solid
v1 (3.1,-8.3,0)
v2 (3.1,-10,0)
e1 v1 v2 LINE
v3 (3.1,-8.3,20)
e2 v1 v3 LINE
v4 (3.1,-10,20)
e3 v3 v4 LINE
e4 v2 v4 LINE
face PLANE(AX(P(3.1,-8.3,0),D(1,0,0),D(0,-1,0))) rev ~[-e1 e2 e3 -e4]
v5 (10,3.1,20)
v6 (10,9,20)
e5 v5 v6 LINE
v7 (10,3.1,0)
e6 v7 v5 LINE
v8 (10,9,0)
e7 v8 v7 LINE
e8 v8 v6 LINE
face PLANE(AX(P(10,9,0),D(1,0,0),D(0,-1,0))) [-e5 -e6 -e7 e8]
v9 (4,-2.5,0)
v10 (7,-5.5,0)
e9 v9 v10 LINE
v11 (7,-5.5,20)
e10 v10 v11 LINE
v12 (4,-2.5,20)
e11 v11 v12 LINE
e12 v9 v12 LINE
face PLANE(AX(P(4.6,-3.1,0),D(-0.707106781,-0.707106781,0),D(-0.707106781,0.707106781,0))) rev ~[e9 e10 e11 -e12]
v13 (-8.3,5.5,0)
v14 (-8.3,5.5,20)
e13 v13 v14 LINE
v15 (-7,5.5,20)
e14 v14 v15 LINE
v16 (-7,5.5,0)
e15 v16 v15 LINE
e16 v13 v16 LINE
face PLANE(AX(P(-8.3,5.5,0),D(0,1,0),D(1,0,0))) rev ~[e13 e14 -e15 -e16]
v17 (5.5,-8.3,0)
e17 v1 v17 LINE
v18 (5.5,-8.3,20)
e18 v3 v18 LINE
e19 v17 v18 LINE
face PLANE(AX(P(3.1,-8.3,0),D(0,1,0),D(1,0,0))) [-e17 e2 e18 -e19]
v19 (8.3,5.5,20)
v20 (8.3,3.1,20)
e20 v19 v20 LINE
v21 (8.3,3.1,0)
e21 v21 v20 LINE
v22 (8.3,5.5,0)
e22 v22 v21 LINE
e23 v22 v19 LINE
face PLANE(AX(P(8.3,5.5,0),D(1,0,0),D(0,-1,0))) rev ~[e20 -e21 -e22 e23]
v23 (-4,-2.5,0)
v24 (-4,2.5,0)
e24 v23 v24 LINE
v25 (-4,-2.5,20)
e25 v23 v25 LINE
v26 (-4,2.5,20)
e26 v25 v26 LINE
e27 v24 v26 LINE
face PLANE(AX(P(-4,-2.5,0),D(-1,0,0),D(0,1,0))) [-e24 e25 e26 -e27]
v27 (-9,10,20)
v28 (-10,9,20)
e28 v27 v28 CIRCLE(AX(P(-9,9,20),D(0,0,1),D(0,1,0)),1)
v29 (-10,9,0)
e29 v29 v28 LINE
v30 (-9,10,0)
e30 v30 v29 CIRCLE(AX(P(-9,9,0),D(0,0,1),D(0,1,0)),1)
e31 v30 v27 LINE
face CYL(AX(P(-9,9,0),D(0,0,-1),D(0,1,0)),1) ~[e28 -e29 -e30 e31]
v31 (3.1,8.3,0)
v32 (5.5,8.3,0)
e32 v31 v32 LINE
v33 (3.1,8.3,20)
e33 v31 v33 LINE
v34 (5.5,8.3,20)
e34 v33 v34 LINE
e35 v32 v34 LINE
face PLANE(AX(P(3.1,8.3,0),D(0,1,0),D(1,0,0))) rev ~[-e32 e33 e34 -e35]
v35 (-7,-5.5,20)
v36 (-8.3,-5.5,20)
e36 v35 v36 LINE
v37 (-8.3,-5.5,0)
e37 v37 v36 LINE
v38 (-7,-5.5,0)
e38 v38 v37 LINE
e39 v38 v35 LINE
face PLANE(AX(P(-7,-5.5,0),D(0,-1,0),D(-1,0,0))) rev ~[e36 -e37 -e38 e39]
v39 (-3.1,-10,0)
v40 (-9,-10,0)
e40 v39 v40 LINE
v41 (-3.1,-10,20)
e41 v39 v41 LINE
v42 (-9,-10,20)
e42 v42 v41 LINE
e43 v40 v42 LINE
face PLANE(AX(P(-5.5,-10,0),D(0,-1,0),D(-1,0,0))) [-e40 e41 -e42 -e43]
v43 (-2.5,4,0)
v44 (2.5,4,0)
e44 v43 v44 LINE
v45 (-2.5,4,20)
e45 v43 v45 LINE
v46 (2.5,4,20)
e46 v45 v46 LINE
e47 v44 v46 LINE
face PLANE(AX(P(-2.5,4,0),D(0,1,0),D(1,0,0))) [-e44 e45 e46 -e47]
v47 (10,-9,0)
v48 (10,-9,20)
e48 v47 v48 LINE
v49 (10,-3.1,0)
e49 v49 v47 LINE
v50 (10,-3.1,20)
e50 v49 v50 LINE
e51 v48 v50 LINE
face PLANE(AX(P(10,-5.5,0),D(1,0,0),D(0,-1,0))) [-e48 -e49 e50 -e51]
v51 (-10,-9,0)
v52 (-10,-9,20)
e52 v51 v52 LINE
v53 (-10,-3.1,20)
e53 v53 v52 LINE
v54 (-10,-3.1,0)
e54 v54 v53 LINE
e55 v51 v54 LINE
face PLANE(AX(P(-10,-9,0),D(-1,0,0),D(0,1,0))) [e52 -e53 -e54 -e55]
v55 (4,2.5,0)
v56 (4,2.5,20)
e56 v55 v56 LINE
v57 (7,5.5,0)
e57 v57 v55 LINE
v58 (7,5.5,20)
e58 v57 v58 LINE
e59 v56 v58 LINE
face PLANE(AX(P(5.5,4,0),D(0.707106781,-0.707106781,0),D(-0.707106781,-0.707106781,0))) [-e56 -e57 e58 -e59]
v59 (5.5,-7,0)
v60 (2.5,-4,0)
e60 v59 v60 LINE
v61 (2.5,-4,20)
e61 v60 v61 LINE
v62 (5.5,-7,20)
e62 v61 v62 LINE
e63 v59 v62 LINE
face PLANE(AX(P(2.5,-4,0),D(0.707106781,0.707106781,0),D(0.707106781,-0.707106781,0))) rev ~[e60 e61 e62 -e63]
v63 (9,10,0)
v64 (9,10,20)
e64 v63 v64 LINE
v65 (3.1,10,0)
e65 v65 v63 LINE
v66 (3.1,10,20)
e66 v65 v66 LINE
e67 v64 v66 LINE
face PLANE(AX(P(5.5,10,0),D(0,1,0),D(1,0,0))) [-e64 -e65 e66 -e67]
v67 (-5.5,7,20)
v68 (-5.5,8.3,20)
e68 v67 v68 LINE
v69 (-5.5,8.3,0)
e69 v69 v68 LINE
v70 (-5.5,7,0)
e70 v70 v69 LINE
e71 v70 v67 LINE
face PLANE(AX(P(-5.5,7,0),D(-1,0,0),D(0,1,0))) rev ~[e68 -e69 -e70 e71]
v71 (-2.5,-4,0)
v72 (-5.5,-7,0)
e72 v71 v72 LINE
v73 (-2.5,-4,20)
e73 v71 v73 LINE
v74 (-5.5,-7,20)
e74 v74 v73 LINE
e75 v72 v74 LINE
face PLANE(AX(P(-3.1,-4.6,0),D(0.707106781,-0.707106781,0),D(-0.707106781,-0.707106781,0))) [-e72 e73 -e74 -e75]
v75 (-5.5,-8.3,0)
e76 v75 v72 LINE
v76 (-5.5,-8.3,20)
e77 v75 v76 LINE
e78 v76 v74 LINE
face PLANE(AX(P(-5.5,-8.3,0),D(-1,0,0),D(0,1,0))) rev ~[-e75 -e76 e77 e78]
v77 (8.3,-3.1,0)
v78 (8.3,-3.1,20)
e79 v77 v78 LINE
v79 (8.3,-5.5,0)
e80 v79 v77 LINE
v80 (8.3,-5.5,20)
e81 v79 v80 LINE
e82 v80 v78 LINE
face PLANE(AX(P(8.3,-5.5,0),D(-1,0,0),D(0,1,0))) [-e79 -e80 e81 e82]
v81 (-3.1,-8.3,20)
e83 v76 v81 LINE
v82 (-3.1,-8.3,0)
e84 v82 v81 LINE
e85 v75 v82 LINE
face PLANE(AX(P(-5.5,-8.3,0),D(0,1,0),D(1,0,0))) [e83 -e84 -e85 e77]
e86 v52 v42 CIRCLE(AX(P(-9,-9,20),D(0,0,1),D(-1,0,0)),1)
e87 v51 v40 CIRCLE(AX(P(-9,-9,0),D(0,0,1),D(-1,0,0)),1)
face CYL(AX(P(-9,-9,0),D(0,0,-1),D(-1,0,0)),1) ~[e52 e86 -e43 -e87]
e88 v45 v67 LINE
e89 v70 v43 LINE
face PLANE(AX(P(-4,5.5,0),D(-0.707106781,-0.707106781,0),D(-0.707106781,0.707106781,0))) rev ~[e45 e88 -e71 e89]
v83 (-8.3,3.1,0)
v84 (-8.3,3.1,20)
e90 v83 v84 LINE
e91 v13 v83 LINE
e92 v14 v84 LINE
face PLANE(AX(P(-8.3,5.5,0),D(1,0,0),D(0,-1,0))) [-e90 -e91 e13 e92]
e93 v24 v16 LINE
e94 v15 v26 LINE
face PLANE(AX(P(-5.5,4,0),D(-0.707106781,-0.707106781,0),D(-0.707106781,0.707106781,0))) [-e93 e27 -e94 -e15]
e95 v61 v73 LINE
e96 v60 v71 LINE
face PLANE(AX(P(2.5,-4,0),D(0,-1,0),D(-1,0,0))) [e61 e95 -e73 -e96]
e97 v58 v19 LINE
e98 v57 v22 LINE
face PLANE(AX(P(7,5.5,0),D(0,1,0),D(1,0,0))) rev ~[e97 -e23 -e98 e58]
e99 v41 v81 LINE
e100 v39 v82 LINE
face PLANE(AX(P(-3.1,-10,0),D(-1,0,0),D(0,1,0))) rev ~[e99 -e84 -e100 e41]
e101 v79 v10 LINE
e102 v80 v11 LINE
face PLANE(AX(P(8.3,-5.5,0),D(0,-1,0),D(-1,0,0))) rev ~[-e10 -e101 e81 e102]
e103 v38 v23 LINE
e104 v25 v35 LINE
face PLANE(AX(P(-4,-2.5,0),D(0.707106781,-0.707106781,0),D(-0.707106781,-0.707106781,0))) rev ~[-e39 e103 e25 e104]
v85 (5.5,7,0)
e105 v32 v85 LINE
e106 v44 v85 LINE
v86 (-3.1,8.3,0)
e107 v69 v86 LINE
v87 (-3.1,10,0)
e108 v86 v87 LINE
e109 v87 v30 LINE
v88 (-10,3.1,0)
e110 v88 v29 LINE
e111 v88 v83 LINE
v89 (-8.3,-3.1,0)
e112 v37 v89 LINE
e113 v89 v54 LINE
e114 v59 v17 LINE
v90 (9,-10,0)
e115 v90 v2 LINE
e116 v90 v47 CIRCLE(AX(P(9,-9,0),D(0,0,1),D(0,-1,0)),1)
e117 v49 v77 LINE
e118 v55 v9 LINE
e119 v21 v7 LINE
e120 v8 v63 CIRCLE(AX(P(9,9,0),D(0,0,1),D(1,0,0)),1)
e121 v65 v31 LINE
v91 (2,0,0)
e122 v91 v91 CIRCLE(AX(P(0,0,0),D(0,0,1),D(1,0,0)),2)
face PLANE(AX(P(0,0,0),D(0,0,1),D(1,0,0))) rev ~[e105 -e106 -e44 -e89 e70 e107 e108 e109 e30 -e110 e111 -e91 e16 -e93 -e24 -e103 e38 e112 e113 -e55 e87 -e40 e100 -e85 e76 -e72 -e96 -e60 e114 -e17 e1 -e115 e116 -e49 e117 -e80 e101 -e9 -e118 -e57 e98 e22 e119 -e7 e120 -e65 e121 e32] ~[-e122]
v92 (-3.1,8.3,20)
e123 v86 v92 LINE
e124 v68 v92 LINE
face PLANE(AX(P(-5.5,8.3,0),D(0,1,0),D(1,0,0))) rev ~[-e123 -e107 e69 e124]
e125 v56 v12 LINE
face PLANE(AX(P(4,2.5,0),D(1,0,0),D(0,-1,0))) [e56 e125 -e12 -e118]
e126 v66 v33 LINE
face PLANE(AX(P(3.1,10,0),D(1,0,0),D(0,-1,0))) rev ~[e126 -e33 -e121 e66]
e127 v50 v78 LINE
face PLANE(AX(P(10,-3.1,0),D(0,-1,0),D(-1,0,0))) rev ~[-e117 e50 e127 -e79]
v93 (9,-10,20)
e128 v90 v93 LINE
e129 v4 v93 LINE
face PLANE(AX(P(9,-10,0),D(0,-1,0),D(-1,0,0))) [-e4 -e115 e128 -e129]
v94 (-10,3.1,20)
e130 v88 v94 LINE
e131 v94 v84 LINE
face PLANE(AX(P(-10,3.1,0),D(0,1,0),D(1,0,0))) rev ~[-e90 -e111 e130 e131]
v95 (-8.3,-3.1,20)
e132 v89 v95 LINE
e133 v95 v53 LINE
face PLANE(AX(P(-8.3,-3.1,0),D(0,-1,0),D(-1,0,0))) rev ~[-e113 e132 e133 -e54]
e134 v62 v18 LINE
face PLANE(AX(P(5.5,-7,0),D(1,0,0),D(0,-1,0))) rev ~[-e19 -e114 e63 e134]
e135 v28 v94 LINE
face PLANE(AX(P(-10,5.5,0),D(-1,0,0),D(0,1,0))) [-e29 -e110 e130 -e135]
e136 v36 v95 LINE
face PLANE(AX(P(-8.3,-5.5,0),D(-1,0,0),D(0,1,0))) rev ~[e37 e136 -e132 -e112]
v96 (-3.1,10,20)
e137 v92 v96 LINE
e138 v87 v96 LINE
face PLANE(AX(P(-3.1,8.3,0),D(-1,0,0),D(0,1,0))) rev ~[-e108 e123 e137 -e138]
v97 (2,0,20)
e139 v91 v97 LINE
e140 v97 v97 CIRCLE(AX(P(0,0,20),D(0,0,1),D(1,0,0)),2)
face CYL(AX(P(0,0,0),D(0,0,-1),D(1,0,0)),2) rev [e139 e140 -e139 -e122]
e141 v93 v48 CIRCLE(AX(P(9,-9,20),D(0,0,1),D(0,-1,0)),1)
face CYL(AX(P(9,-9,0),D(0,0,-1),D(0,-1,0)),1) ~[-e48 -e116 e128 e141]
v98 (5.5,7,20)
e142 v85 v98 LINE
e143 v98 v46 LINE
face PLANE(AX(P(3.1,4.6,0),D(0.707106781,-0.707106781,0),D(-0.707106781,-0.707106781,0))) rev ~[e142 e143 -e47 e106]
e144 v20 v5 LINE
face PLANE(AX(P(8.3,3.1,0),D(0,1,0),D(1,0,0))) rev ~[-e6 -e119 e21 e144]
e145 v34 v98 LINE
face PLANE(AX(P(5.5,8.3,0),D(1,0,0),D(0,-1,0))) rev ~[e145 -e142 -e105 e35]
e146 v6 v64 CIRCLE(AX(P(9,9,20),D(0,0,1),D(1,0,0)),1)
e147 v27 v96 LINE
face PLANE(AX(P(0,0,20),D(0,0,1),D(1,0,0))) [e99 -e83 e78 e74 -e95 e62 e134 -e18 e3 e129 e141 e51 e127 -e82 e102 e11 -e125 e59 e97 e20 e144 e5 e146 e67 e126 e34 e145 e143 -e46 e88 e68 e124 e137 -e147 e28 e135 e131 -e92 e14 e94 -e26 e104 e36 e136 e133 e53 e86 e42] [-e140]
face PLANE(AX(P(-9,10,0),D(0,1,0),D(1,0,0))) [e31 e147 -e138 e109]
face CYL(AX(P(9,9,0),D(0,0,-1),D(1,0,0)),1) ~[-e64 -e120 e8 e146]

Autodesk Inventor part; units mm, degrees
ref_plane "YZ Plane" through (0, 0, 0) normal (1, 0, 0) x (0, 1, 0)
ref_plane "XZ Plane" through (0, 0, 0) normal (0, 1, 0) x (-1, 0, 0)
ref_plane "XY Plane" through (0, 0, 0) normal (0, 0, 1) x (1, 0, 0)
sketch "Sketch1" plane through (0, 0, 0) normal (0, 0, 1) x (1, 0, 0)
  line L0 (-9, 10) -> (9, 10)
  line L1 (10, 9) -> (10, -9)
  line L2 (9, -10) -> (-9, -10)
  line L3 (-10, -9) -> (-10, 9)
  line L4 (-10, 10) -> (10, -10) construction
  line L5 (10, 10) -> (-10, -10) construction
  circle A0 centre (0, 0) radius 2
  line L6 (-4, 4) -> (4, 4)
  line L7 (4, 4) -> (4, -4)
  line L8 (4, -4) -> (-4, -4)
  line L9 (-4, -4) -> (-4, 4)
  line L10 (-4, 4) -> (4, -4) construction
  line L11 (4, 4) -> (-4, -4) construction
  arc A1 (-9, 10) -> (-10, 9) centre (-9, 9) ccw
  arc A2 (10, 9) -> (9, 10) centre (9, 9) ccw
  arc A3 (9, -10) -> (10, -9) centre (9, -9) ccw
  arc A4 (-10, -9) -> (-9, -10) centre (-9, -9) ccw
  line L12 (-3.1, 10) -> (3.1, 10)
  line L13 (3.1, 10) -> (3.1, -10)
  line L14 (3.1, -10) -> (-3.1, -10)
  line L15 (-3.1, -10) -> (-3.1, 10)
  line L16 (-10, 3.1) -> (10, 3.1)
  line L17 (10, 3.1) -> (10, -3.1)
  line L18 (10, -3.1) -> (-10, -3.1)
  line L19 (-10, -3.1) -> (-10, 3.1)
  line L20 (-5.5, 10) -> (5.5, 10)
  line L21 (5.5, 10) -> (5.5, -10)
  line L22 (5.5, -10) -> (-5.5, -10)
  line L23 (-5.5, -10) -> (-5.5, 10)
  line L24 (-10, 5.5) -> (10, 5.5)
  line L25 (10, 5.5) -> (10, -5.5)
  line L26 (10, -5.5) -> (-10, -5.5)
  line L27 (-10, -5.5) -> (-10, 5.5)
  line L28 (-8.3, 5.5) -> (-8.3, 3.1)
  line L29 (-8.3, -5.5) -> (-8.3, -3.1)
  line L30 (8.3, -5.5) -> (8.3, -3.1)
  line L31 (8.3, 5.5) -> (8.3, 3.1)
  line L32 (-5.5, 8.3) -> (-3.1, 8.3)
  line L33 (3.1, 8.3) -> (5.5, 8.3)
  line L34 (-5.5, -8.3) -> (-3.1, -8.3)
  line L35 (3.1, -8.3) -> (5.5, -8.3)
  line L36 (-4, 2.5) -> (-7, 5.5)
  line L37 (-4, 2.5) -> (0.2426, 2.5) construction
  line L38 (-4, -2.5) -> (-7, -5.5)
  line L39 (-4, -2.5) -> (0.2426, -2.5) construction
  line L40 (-2.5, 4) -> (-5.5, 7)
  line L41 (-2.5, 4) -> (1.7426, 4) construction
  line L42 (5.5, 7) -> (2.5, 4)
  line L43 (5.5, 7) -> (9.7426, 7) construction
  line L44 (7, 5.5) -> (4, 2.5)
  line L45 (7, 5.5) -> (11.2426, 5.5) construction
  line L46 (7, -5.5) -> (4, -2.5)
  line L47 (7, -5.5) -> (11.2426, -5.5) construction
  line L48 (2.5, -4) -> (5.5, -7)
  line L49 (2.5, -4) -> (6.7426, -4) construction
  line L50 (-2.5, -4) -> (-5.5, -7)
  line L51 (-2.5, -4) -> (1.7426, -4) construction
  point P0 (3.1, -3.1)
  point P1 (3.1, -5.5)
  point P2 (5.5, -5.5)
  point P3 (10, 3.1)
  point P4 (-5.5, -5.5)
  point P5 (-3.1, -5.5)
  point P6 (-3.1, -3.1)
  dimension "d0" = 20
  dimension "d1" = 20
  dimension "d2" = 4
  dimension "d3" = 8
  dimension "d4" = 8
  dimension "d5" = 1
  dimension "d6" = 6.2
  dimension "d7" = 3.1
  dimension "d8" = 6.2
  dimension "d9" = 3.1
  dimension "d10" = 11
  dimension "d11" = 5.5
  dimension "d12" = 11
  dimension "d13" = 5.5
  dimension "d14" = 4.3
  dimension "d15" = 4.3
  dimension "d16" = 4.3
  dimension "d17" = 4.3
  dimension "d18" = 135
  dimension "d19" = 135
  dimension "d20" = 135
  dimension "d21" = 135
  dimension "d22" = 135
  dimension "d23" = 135
  dimension "d24" = 1.3
  dimension "d25" = 1.3
  dimension "d26" = 1.3
  dimension "d27" = 1.3
  dimension "d28" = 1.3
  dimension "d29" = 1.3
  dimension "d32" = 45
  dimension "d33" = 135
  dimension "d34" = 1.3
  dimension "d35" = 1.3
extrude "Extrusion1" add sketch "Sketch1" along normal blind 20 contours L0 L23 L24 L3 A1 | L0 L15 L32 L23 | L24 L28 L16 L3 | L0 L21 L33 L13 | L40 L24 L23 | L0 A2 L1 L24 L21 | L24 L40 L15 L6 L9 L16 L36 L23 | L23 L36 L24 | L18 L29 L26 L3 | L40 L6 L15 | L26 L23 L2 A4 L3 | L21 L24 L42 | L42 L24 L21 L44 L16 L7 L6 L13 | L13 L6 L42 | L15 L16 L9 L6 | L6 L13 L16 L15 | L16 L9 L36 | L1 L16 L31 L24 | L24 L44 L21 | L6 L7 L16 L13 | L16 L13 L18 L15 | L15 L18 L9 L16 | L38 L23 L26 | L38 L9 L18 | L18 L9 L8 L15 L50 L26 L23 L38 | L16 L7 L18 L13 | L18 L13 L8 L15 | L15 L8 L9 L18 | L23 L34 L15 L2 | L26 L50 L23 | L1 L26 L30 L18 | L44 L7 L16 | L18 L7 L8 L13 | L8 L50 L15 | L1 A3 L2 L21 L26 | L13 L48 L8 | L8 L7 L18 L46 L21 L26 L48 L13 | L7 L46 L18 | L13 L35 L21 L2 | L46 L26 L21 | L21 L48 L26
equation "\"d7\" = 0.5 * d6"
equation "\"d8\" = d6"
equation "\"d9\" = 0.5 * d6"
equation "\"d11\" = 0.5 * d10"
equation "\"d12\" = d10"
equation "\"d13\" = 0.5 * d12"
properties part number "Aluminum_Profile_202020"
